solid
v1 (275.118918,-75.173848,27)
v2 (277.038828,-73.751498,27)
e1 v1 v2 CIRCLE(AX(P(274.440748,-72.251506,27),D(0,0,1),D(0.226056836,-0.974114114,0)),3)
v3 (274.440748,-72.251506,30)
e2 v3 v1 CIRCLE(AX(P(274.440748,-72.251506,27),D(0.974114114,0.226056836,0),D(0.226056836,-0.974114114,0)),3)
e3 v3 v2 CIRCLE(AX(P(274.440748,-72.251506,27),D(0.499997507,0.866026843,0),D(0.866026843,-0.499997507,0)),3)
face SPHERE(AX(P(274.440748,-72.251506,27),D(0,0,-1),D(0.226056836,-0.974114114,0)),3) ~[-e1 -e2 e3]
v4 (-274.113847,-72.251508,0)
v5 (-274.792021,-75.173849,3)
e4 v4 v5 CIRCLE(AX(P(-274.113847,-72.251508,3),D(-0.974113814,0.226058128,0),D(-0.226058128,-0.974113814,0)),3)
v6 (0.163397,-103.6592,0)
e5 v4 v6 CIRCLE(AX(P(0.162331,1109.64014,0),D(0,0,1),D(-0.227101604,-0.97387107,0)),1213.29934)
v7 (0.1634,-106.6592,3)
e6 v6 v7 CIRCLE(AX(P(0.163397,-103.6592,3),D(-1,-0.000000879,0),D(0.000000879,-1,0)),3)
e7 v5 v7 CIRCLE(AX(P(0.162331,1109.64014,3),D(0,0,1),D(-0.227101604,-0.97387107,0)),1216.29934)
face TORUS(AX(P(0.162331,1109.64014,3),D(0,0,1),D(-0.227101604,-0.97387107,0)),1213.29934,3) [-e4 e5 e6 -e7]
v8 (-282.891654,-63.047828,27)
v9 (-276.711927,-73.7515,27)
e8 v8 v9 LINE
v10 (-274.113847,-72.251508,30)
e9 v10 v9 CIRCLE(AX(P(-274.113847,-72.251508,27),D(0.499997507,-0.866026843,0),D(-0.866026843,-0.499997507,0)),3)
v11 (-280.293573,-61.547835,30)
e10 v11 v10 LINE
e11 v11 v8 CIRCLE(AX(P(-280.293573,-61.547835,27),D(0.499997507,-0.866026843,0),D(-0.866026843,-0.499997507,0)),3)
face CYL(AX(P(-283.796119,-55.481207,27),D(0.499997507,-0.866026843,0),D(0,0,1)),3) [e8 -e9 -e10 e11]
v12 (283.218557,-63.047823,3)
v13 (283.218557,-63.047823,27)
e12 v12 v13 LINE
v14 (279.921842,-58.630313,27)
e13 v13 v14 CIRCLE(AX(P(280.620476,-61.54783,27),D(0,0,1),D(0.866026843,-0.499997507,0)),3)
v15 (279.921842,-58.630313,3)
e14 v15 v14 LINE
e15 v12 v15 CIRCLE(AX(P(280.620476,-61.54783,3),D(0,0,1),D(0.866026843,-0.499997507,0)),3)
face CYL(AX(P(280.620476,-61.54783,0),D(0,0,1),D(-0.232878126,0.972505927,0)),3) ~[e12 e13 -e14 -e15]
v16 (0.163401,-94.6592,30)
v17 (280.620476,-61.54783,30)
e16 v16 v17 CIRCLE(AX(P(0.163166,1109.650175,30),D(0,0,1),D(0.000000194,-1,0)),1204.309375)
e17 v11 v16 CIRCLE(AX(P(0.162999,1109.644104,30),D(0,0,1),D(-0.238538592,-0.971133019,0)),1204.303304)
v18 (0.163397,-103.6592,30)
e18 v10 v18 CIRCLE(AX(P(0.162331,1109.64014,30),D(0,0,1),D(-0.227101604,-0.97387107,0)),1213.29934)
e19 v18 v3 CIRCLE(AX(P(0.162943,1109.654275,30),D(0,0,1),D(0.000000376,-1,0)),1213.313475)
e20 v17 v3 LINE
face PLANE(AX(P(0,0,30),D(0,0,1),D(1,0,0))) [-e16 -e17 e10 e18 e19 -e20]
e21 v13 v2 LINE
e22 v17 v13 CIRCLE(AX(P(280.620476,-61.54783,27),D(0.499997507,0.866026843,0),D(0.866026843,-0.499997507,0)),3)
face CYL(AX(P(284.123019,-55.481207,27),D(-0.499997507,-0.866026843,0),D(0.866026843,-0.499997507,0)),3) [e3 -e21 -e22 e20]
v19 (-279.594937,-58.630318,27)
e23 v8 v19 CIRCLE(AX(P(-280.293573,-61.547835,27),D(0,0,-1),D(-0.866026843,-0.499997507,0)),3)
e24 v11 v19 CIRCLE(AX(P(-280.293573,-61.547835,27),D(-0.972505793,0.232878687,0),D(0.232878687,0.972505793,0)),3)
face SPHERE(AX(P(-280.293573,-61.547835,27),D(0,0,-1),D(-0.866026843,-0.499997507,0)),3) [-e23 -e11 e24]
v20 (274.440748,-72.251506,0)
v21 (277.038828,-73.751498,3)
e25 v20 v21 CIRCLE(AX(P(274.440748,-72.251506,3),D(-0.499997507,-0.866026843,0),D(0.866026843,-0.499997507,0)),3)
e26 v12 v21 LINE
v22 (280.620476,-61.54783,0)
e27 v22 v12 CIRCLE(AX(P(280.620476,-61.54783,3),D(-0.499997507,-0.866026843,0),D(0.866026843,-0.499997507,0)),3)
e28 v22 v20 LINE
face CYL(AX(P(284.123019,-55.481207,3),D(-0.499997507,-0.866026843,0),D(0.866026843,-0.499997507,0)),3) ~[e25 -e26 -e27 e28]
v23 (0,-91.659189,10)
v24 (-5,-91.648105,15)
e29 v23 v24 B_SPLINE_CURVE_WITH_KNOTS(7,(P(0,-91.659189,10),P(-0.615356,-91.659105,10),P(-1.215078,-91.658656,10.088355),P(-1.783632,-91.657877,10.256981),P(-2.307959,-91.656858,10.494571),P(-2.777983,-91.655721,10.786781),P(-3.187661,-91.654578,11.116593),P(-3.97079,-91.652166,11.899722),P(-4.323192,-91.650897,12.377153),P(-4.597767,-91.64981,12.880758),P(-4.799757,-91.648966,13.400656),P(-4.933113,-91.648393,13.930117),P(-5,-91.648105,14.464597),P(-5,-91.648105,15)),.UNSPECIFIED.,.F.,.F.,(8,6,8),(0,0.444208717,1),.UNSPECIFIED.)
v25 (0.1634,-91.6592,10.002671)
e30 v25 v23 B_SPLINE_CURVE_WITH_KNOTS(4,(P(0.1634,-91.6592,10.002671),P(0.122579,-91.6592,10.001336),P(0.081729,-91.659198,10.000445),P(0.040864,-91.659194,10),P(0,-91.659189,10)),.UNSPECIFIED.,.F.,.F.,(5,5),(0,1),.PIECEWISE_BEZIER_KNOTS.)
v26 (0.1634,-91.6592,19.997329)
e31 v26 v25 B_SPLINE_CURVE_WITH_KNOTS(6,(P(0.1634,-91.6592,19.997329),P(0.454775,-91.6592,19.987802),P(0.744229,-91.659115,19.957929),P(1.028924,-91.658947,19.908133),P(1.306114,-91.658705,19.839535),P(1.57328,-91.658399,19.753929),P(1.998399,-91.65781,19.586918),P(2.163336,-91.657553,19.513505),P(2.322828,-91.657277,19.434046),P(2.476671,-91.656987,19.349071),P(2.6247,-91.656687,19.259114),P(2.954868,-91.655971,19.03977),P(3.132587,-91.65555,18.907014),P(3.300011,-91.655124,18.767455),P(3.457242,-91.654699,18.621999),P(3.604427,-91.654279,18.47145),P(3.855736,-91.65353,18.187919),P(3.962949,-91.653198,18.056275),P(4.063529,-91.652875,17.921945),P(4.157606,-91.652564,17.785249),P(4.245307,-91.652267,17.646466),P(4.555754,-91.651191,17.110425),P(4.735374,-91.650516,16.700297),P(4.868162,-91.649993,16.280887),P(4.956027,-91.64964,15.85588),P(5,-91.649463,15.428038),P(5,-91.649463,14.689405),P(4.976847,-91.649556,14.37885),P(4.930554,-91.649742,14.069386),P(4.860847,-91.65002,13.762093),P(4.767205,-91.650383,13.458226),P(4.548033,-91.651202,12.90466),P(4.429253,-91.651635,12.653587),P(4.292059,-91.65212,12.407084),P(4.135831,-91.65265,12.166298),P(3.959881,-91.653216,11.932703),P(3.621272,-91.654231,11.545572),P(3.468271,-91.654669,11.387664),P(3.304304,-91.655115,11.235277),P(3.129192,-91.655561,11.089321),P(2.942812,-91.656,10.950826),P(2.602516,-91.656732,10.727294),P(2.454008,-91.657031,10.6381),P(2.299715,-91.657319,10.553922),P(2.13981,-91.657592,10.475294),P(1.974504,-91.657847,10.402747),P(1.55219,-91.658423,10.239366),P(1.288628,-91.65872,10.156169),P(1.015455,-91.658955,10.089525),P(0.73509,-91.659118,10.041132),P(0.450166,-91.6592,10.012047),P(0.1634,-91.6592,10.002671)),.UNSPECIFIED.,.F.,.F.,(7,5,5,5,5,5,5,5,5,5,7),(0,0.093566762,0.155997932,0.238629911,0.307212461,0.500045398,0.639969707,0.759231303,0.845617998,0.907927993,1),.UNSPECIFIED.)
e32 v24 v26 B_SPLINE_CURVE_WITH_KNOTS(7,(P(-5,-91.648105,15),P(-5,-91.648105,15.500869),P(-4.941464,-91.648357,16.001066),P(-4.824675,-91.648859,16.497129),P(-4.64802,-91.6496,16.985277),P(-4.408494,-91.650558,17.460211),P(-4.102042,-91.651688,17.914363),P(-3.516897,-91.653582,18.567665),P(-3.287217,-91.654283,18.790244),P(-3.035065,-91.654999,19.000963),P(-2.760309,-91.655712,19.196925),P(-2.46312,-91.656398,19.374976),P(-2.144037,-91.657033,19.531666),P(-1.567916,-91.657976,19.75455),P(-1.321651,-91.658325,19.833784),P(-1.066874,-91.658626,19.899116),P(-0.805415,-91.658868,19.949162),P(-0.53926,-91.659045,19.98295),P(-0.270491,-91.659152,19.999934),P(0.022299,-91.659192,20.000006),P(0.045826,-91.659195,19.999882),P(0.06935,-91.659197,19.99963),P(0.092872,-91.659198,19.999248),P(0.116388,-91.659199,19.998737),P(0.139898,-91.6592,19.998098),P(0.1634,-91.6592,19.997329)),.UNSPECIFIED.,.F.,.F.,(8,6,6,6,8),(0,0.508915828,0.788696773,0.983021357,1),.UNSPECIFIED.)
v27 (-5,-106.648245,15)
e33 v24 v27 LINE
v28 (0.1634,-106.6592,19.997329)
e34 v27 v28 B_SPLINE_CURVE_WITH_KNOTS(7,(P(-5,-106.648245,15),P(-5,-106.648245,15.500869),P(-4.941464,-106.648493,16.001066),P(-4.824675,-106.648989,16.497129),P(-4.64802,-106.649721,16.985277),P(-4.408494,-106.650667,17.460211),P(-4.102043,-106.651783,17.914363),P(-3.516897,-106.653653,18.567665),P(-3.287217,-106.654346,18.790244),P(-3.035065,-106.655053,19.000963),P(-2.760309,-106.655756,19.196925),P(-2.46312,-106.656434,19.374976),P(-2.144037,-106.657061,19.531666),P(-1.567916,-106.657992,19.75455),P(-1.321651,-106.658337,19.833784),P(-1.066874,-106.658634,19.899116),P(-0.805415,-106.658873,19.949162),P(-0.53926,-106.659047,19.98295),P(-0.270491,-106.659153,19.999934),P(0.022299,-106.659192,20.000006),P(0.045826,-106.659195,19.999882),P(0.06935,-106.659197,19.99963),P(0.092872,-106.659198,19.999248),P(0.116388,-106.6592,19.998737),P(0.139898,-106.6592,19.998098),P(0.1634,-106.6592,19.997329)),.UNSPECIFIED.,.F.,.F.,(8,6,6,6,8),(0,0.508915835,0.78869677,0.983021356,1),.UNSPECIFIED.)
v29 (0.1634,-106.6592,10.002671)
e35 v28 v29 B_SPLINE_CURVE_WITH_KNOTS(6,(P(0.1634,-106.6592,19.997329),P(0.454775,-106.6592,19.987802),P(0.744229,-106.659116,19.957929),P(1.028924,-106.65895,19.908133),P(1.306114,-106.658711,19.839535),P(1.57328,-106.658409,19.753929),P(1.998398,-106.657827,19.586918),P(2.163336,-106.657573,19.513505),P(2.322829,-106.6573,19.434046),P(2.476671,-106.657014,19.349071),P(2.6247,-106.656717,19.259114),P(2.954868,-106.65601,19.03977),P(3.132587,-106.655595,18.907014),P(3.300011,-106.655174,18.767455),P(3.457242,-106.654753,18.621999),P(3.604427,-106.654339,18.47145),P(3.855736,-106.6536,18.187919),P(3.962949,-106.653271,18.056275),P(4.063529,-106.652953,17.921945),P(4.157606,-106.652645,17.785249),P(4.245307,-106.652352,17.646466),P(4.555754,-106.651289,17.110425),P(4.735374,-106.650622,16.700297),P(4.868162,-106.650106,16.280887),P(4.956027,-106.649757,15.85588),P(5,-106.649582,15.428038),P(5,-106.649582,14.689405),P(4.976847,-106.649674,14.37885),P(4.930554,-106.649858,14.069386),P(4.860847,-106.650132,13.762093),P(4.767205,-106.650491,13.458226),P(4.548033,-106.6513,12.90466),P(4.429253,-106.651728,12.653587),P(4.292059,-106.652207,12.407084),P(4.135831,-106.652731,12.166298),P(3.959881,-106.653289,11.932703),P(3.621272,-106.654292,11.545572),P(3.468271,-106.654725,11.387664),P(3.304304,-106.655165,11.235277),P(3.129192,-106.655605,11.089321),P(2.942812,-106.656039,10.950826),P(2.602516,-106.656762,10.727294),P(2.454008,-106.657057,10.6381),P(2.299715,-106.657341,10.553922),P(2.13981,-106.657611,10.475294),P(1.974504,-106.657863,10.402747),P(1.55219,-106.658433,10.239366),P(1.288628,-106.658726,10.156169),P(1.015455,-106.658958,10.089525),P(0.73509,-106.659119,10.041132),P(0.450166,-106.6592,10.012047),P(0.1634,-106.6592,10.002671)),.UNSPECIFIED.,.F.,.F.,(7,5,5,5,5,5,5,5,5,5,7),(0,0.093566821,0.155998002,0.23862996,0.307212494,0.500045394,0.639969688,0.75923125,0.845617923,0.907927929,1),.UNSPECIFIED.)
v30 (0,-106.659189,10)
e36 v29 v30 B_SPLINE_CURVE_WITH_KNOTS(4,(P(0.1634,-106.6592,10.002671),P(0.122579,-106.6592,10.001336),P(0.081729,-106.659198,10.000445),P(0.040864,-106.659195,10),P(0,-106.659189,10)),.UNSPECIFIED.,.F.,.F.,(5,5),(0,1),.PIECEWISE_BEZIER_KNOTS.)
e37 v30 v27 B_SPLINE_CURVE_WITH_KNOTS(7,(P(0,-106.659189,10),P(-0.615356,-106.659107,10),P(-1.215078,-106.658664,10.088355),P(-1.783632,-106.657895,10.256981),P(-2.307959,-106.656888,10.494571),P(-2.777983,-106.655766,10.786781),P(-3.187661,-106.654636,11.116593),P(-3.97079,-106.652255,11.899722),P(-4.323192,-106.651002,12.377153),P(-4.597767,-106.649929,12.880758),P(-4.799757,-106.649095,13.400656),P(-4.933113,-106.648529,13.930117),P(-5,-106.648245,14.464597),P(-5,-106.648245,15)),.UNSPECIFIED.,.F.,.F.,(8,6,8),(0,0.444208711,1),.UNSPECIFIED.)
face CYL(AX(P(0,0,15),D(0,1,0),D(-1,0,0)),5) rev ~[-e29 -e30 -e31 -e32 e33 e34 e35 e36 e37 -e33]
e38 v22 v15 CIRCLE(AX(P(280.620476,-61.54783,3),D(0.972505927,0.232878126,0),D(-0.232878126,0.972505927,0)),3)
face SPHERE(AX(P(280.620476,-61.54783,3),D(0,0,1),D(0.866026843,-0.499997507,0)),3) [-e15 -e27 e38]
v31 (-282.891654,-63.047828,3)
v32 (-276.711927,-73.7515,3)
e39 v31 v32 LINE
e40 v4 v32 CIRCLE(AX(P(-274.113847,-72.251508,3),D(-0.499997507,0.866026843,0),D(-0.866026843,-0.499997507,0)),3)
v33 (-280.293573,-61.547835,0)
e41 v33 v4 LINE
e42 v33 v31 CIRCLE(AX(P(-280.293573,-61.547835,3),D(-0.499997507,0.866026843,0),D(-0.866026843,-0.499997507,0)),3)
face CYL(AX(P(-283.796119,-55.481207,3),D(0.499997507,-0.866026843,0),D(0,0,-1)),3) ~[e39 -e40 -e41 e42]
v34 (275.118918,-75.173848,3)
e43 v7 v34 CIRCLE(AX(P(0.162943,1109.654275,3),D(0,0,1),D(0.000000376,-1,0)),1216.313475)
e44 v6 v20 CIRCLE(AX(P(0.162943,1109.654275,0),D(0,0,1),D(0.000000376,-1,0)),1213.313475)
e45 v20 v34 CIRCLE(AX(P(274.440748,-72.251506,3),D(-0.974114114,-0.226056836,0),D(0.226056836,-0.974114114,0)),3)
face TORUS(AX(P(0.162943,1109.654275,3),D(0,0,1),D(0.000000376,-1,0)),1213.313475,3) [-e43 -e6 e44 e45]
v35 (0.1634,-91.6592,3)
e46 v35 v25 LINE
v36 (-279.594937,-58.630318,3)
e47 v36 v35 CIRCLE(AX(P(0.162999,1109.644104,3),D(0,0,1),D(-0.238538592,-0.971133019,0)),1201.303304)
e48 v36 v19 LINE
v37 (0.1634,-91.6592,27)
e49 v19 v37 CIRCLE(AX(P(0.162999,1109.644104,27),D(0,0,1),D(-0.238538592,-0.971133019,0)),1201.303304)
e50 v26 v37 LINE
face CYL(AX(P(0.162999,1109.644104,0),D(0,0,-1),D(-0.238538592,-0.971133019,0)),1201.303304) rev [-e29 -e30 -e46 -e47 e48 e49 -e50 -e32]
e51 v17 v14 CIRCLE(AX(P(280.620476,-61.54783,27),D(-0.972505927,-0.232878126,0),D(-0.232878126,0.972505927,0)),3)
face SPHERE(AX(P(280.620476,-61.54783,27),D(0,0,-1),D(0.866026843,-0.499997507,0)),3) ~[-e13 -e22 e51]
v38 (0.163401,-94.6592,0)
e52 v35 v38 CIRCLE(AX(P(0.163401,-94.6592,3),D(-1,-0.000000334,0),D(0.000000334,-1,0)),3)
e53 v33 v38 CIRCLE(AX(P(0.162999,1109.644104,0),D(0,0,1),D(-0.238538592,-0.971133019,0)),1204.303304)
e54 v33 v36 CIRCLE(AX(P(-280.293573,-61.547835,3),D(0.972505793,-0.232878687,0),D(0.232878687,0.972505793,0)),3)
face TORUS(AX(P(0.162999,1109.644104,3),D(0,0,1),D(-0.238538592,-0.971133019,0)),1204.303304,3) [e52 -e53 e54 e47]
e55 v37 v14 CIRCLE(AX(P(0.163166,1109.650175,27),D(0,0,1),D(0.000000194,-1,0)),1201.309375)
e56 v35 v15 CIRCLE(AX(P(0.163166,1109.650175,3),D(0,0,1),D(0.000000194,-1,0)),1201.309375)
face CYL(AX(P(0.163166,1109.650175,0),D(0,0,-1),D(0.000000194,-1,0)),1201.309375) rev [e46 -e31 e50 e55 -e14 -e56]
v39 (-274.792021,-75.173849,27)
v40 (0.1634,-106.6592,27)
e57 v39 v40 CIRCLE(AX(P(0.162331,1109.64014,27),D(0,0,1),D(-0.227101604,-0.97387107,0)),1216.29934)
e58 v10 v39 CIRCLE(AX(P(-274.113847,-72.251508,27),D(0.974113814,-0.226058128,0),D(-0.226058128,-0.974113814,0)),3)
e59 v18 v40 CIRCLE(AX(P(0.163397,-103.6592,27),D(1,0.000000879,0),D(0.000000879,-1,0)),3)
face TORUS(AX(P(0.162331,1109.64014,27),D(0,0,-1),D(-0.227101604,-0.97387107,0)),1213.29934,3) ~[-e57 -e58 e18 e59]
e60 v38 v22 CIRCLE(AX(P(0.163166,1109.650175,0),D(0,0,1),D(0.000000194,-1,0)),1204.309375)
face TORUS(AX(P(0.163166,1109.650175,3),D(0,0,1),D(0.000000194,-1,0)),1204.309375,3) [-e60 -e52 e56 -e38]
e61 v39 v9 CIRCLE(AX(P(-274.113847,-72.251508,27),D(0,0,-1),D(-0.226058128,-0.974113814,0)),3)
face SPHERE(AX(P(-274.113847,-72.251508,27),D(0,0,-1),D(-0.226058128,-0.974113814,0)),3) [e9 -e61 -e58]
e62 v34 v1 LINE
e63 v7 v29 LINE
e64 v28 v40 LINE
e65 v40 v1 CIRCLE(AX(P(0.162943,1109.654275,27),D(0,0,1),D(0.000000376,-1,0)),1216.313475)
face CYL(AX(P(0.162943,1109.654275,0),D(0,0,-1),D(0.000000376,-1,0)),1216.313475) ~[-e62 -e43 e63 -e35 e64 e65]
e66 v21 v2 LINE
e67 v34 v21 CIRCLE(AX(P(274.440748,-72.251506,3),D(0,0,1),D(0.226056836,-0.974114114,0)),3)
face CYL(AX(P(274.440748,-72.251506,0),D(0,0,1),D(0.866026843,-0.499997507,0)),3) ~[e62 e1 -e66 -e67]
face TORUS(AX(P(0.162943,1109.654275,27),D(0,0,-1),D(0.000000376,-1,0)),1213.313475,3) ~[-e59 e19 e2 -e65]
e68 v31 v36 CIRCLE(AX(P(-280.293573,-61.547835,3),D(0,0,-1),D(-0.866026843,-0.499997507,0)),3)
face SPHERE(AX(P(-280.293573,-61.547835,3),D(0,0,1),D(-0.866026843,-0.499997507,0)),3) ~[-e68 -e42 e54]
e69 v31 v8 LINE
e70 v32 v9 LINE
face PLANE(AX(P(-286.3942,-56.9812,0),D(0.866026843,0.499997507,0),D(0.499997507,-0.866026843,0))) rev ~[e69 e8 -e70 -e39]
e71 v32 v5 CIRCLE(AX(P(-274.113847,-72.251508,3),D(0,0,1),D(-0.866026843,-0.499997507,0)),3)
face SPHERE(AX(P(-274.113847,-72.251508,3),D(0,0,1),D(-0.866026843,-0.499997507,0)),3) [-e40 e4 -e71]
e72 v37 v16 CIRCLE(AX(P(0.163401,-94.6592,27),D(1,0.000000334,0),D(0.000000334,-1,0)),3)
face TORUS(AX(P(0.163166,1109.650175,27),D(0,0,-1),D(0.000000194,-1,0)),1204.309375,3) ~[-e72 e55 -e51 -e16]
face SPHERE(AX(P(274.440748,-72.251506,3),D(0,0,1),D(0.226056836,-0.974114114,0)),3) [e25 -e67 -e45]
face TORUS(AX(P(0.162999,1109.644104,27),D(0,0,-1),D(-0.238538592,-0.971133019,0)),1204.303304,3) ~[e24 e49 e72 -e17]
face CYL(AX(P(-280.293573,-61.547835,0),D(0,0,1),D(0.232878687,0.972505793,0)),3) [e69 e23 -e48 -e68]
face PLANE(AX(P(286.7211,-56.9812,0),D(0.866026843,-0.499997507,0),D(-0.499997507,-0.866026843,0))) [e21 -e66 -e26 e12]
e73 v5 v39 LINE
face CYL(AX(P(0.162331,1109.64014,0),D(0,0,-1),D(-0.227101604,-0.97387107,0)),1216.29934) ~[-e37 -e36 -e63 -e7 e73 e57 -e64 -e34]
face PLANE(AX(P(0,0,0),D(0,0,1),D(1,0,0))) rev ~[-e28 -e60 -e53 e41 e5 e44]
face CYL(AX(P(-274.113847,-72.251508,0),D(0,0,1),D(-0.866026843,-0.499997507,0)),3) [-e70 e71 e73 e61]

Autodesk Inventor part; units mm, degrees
ref_plane "YZ Plane" through (0, 0, 0) normal (1, 0, 0) x (0, 1, 0)
ref_plane "XZ Plane" through (0, 0, 0) normal (0, 1, 0) x (-1, 0, 0)
ref_plane "XY Plane" through (0, 0, 0) normal (0, 0, 1) x (1, 0, 0)
sketch "Sketch1" plane through (0, 0, 0) normal (0, 0, 1) x (1, 0, 0)
  arc A0 (0.1634, -91.6592) -> (286.7211, -56.9812) centre (0.1634, 1109.6463) ccw
  arc A1 (0.1634, -106.6592) -> (276.3881, -74.8786) centre (0.1634, 1109.6463) ccw
  line L0 (286.7211, -56.9812) -> (276.3881, -74.8786)
  line L1 (286.7211, -56.9812) -> (307.3872, -56.9812) construction
  line L2 (0.1634, -106.6592) -> (0.1634, -82.9582)
  arc A2 (-286.3942, -56.9812) -> (0.1634, -91.6592) centre (0.1634, 1109.6463) ccw
  arc A3 (-276.0612, -74.8786) -> (0.1634, -106.6592) centre (0.1634, 1109.6463) ccw
  line L3 (-286.3942, -56.9812) -> (-276.0612, -74.8786)
  point P0 (0, 0)
  point P1 (254.828, -79.7002)
  dimension "d0" = 15
  dimension "d1" = 120
extrude "Extrusion1" add sketch "Sketch1" along normal blind 30
fillet "Fillet1" radius 3 12 edges at (-144.1607, -82.9582, 30) (139.1869, -98.6879, 30) (144.4876, -82.9582, 0) (286.7211, -56.9812, 15) (281.5546, -65.9299, 0) (281.5546, -65.9299, 30) (276.3881, -74.8786, 15) (139.1869, -98.6879, 0) (-286.3942, -56.9812, 15) (-281.2277, -65.9299, 30) (-276.0612, -74.8786, 15) (-281.2277, -65.9299, 0)
sketch "Sketch2" plane through (0, 0, 0) normal (0, 1, 0) x (-1, 0, 0)
  line L0 (0, 0) -> (0, 15)
  circle A0 centre (0, 15) radius 5
  dimension "d5" = 15
  dimension "d6" = 10
extrude "Extrusion2" cut sketch "Sketch2" against normal blind 300
properties part number "leaf 3" material "Steel, Carbon"
